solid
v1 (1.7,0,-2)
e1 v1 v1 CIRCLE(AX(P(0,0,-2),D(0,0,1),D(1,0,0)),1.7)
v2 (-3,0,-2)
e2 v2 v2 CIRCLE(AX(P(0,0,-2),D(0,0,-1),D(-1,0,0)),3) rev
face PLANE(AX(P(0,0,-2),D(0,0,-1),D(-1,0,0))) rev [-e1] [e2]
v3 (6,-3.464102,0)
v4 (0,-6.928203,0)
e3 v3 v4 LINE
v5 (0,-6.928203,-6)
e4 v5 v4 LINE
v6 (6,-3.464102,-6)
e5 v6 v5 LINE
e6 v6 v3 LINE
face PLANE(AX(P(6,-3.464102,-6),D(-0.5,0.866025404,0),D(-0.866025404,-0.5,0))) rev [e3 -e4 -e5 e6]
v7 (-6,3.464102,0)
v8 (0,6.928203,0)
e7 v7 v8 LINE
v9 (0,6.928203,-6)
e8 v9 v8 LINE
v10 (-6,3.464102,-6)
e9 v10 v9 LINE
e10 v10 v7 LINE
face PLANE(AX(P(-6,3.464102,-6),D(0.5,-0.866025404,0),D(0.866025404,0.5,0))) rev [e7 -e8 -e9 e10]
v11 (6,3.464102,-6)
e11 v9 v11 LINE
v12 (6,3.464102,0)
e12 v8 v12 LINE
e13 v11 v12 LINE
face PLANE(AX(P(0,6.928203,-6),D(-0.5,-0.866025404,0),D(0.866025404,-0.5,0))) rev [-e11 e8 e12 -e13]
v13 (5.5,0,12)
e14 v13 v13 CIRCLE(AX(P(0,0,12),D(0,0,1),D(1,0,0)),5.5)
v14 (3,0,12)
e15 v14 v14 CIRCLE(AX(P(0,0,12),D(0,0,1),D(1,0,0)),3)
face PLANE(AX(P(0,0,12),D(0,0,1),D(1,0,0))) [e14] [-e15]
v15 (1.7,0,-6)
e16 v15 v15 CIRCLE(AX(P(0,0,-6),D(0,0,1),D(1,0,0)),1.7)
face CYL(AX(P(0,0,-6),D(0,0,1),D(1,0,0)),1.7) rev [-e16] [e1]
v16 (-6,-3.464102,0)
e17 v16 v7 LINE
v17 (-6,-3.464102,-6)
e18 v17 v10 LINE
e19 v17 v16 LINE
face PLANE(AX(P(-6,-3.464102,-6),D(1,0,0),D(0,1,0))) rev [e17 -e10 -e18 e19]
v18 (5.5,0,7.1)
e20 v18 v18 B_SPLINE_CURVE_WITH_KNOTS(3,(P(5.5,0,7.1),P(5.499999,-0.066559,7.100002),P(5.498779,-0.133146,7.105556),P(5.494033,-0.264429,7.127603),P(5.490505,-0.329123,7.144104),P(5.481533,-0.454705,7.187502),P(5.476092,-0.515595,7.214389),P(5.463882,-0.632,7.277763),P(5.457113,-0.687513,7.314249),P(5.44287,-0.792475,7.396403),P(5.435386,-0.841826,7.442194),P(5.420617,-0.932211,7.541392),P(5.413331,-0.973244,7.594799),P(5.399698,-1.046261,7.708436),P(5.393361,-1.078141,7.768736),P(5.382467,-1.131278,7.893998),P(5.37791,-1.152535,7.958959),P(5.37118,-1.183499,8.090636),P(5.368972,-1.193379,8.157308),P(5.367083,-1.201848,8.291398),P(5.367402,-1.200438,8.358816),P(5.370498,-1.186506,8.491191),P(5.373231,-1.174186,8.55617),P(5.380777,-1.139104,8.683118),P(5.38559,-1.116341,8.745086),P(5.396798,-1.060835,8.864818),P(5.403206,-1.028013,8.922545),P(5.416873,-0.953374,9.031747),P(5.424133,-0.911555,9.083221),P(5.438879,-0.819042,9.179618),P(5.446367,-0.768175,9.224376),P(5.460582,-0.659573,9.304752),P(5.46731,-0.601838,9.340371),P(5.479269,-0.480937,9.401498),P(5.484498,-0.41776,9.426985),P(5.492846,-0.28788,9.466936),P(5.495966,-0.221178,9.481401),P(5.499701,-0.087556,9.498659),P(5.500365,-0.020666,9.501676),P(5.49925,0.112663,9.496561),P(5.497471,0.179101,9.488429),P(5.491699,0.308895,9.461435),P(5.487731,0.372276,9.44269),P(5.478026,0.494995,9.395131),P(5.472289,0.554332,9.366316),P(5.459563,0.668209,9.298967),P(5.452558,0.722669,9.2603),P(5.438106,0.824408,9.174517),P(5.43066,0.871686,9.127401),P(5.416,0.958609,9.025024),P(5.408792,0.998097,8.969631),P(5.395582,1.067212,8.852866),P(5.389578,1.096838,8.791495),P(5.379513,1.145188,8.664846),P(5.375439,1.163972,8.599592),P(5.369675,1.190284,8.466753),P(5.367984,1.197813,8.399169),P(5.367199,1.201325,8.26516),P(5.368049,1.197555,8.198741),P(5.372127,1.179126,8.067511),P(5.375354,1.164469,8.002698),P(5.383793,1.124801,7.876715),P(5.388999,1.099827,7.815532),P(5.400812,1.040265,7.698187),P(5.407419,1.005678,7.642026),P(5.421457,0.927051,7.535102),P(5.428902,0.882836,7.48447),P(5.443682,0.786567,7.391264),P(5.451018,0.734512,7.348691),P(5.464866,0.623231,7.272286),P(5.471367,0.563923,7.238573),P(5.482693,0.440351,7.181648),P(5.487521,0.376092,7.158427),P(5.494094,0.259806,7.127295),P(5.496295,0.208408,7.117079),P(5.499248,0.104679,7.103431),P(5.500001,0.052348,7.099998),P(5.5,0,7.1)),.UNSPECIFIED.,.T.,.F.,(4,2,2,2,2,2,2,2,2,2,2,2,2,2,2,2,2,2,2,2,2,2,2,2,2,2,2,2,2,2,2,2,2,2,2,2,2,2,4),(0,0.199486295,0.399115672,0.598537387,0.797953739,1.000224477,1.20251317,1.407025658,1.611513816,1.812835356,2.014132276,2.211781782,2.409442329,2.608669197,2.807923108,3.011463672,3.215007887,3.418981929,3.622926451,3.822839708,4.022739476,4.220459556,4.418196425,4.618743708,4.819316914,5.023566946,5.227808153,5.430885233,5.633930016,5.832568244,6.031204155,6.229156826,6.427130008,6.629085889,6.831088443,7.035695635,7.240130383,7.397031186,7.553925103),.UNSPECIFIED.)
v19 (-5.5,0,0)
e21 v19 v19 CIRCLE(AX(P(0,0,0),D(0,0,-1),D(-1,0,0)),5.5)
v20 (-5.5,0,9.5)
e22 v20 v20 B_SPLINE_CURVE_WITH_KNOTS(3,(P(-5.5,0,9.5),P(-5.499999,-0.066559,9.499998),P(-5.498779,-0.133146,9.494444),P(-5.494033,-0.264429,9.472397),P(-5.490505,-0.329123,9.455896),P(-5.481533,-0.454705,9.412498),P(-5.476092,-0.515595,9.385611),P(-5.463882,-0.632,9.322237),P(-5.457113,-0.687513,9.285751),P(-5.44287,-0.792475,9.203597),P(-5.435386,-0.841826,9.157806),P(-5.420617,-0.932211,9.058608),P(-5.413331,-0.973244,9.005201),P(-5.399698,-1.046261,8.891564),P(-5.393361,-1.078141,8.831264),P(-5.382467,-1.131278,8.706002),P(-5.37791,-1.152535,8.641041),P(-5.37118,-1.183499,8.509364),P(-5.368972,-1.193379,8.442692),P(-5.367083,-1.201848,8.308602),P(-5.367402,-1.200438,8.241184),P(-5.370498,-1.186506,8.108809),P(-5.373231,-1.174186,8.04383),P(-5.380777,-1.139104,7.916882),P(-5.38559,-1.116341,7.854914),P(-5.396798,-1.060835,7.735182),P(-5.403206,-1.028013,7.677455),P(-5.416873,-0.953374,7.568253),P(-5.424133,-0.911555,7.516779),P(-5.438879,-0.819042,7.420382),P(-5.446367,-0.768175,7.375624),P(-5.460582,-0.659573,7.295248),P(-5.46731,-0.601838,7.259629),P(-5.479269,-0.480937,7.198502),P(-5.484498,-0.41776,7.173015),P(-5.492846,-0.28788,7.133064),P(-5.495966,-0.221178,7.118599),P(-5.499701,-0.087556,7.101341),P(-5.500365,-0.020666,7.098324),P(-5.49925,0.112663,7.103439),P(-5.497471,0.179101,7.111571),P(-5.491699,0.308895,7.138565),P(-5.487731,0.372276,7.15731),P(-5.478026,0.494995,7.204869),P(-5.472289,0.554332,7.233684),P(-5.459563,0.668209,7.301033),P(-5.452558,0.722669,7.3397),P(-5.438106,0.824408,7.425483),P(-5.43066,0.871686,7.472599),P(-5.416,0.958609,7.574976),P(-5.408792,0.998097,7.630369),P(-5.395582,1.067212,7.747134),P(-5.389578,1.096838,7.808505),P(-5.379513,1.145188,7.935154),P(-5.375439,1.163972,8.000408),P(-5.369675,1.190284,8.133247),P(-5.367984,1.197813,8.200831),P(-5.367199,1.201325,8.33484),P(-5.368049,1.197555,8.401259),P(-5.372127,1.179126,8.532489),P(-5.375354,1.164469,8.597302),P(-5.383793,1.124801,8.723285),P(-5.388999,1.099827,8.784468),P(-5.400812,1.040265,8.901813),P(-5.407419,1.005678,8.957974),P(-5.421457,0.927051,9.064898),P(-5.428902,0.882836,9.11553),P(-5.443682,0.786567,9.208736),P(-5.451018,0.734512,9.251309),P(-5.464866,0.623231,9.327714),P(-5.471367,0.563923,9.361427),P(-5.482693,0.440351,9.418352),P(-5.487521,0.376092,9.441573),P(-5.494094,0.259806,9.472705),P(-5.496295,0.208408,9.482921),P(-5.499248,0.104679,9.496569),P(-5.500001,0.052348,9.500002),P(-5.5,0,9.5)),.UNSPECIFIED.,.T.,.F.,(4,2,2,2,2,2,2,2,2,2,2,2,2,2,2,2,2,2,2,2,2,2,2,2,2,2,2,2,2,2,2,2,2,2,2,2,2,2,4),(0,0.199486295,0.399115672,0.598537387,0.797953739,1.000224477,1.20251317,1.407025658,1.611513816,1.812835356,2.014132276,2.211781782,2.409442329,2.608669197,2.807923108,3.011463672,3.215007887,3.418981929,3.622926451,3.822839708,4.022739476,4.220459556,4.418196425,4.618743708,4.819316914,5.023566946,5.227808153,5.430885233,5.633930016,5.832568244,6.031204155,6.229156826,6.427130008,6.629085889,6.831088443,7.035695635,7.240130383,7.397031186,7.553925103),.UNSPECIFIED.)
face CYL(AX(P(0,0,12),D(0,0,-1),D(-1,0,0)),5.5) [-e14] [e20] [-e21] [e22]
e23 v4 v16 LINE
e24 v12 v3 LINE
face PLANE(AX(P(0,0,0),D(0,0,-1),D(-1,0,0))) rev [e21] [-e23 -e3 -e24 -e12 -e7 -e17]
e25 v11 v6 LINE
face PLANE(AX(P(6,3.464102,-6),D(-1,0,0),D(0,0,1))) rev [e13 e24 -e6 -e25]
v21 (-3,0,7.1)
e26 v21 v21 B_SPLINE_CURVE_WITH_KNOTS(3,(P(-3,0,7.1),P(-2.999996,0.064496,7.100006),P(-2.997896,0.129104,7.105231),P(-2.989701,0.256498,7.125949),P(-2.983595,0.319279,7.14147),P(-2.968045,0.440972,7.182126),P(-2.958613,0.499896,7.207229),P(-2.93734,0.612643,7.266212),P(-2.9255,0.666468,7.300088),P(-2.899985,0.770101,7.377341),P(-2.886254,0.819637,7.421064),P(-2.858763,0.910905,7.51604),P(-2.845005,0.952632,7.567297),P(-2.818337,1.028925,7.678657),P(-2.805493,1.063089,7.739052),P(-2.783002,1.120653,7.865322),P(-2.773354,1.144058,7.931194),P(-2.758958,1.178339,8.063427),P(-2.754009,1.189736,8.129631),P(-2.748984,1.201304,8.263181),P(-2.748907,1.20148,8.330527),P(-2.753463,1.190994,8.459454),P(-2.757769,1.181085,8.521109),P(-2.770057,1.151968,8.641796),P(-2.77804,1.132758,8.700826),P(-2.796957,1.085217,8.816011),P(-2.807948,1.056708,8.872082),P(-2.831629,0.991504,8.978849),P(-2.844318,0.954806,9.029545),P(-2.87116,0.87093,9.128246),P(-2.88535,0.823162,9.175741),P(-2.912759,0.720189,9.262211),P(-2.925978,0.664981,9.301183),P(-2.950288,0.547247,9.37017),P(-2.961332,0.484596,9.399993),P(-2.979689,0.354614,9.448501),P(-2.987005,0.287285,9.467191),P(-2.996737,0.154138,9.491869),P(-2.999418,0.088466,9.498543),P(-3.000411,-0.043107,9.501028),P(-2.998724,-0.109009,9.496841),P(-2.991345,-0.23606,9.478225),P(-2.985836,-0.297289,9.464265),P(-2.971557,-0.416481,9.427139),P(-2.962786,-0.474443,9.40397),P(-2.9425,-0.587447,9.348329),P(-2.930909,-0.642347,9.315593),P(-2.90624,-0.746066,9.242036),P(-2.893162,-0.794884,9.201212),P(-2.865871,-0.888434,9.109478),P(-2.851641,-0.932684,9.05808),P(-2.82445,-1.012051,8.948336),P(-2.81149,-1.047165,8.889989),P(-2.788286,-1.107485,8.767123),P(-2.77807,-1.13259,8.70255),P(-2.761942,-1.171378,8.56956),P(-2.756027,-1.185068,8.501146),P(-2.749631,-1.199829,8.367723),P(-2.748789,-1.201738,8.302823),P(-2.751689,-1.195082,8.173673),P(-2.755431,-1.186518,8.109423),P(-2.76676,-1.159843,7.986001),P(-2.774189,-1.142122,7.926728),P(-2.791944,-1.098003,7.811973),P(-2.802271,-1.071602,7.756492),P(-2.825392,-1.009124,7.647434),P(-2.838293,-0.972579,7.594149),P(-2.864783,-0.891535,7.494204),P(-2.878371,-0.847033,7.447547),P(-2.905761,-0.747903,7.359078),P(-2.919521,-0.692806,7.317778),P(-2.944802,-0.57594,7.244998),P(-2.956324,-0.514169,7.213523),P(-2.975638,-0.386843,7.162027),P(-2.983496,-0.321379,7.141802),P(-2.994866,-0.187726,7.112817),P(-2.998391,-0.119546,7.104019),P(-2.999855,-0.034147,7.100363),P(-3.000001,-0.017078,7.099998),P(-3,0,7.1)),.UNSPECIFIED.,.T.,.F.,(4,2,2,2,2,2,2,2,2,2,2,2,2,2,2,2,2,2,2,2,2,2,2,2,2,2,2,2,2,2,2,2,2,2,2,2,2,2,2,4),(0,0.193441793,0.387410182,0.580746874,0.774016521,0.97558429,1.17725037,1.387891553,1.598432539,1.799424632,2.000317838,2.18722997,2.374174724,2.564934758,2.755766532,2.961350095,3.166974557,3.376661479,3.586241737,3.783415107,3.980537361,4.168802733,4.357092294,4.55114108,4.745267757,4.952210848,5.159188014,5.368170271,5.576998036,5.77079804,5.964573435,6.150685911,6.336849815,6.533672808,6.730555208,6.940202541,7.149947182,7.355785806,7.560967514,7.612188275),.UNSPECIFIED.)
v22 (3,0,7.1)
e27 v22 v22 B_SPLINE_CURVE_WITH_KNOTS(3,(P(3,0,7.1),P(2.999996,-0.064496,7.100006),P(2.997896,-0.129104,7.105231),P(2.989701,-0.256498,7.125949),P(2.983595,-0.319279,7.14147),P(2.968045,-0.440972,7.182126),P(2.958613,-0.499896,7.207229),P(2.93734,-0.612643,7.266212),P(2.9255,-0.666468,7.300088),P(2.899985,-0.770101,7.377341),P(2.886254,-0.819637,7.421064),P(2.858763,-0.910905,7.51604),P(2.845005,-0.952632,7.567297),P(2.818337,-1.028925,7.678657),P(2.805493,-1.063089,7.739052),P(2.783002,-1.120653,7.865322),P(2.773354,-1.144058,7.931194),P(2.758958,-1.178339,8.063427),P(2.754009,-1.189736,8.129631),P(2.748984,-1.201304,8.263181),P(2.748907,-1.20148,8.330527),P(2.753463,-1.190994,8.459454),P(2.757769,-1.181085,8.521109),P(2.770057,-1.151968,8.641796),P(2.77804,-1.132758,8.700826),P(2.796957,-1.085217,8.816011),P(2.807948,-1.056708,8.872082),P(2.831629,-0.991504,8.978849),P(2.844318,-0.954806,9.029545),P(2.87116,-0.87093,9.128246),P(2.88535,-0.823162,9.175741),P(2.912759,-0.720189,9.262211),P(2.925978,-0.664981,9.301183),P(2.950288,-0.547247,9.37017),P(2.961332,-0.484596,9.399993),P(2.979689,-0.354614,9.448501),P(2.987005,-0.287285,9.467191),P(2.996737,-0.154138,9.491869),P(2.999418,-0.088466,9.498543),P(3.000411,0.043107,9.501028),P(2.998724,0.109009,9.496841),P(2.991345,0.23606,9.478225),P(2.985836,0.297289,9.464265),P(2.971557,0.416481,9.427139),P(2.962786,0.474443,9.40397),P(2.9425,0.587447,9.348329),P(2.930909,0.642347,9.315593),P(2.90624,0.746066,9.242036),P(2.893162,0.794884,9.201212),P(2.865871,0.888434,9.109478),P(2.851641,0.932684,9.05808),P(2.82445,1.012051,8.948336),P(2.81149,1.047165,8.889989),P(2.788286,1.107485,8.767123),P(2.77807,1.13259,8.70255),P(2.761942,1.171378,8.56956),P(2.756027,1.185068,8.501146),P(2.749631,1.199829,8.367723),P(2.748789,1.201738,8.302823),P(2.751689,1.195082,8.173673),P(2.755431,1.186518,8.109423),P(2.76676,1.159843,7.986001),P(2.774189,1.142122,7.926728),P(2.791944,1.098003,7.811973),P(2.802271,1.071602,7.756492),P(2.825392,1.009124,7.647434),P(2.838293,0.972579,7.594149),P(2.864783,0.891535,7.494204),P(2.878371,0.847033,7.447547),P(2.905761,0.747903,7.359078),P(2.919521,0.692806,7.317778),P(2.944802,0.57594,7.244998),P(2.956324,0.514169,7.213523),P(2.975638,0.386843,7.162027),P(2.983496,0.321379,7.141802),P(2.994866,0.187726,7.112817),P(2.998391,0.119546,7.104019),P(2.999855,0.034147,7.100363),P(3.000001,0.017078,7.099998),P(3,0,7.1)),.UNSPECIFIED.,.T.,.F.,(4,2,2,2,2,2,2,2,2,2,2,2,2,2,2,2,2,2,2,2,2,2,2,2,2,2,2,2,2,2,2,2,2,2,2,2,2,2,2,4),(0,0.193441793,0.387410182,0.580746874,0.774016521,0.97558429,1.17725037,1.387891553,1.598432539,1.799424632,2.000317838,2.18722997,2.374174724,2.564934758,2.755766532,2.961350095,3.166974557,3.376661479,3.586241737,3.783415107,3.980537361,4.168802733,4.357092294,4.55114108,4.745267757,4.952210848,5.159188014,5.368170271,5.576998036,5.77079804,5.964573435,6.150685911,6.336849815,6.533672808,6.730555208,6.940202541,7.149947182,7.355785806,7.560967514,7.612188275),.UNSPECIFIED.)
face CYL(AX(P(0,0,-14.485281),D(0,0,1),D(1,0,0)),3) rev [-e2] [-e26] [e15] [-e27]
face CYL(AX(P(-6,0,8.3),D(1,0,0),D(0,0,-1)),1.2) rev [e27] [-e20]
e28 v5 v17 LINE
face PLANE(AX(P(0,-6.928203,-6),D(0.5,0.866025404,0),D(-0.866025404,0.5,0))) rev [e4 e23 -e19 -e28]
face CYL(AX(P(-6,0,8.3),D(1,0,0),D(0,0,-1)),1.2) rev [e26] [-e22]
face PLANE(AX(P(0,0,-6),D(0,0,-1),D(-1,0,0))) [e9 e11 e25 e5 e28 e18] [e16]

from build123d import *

# Parameters (mm, degrees)
ESQUISSE1_R                  = 5.5
BOSS_EXTRU_1_DEPTH           = 12
BOSS_EXTRU_2_DEPTH           = 6
ENL_V_MAT_EXTRU_1_DEPTH      = 16.099668871
ENL_V_MAT_EXTRU_1_DEPTH_BACK = 16.099668871
ESQUISSE3_R                  = 1.2
ESQUISSE4_R                  = 3
ENL_V_MAT_EXTRU_2_DEPTH      = 14
ESQUISSE5_R                  = 1.7
ENL_V_MAT_EXTRU_3_DEPTH      = 17.733200614


with BuildPart() as part:
    # Esquisse1 → Boss.-Extru.1 (new body)
    with BuildSketch(Plane.XY):
        Circle(ESQUISSE1_R)
    extrude(amount=BOSS_EXTRU_1_DEPTH)

    # Esquisse2 → Boss.-Extru.2 (add)
    with BuildSketch(Plane(origin=(0, 0, 0), x_dir=(-1, 0, 0), z_dir=(0, 0, -1))):
        Polygon((6, -3.464101615), (6, 3.464101615), (0, 6.92820323), (-6, 3.464101615), (-6, -3.464101615), (0, -6.92820323), align=None)
    extrude(amount=BOSS_EXTRU_2_DEPTH)

    # Esquisse3 → Enlèv. mat.-Extru.1 (cut, two sides: drawn at the far end of the back side and taken through both)
    with BuildSketch(Plane(origin=(0, 0, 0), x_dir=(0, 0, -1), z_dir=(1, 0, 0)).offset(-ENL_V_MAT_EXTRU_1_DEPTH_BACK)):
        with Locations((-8.3, 0)):
            Circle(ESQUISSE3_R)
    extrude(amount=ENL_V_MAT_EXTRU_1_DEPTH + ENL_V_MAT_EXTRU_1_DEPTH_BACK, mode=Mode.SUBTRACT)

    # Esquisse4 → Enlèv. mat.-Extru.2 (cut)
    with BuildSketch(Plane.XY.offset(12)):
        Circle(ESQUISSE4_R)
    extrude(amount=-ENL_V_MAT_EXTRU_2_DEPTH, mode=Mode.SUBTRACT)

    # Esquisse5 → Enlèv. mat.-Extru.3 (cut, through all)
    with BuildSketch(Plane.XY.offset(-2)):
        Circle(ESQUISSE5_R)
    extrude(amount=-ENL_V_MAT_EXTRU_3_DEPTH, mode=Mode.SUBTRACT)


solid = part.part
